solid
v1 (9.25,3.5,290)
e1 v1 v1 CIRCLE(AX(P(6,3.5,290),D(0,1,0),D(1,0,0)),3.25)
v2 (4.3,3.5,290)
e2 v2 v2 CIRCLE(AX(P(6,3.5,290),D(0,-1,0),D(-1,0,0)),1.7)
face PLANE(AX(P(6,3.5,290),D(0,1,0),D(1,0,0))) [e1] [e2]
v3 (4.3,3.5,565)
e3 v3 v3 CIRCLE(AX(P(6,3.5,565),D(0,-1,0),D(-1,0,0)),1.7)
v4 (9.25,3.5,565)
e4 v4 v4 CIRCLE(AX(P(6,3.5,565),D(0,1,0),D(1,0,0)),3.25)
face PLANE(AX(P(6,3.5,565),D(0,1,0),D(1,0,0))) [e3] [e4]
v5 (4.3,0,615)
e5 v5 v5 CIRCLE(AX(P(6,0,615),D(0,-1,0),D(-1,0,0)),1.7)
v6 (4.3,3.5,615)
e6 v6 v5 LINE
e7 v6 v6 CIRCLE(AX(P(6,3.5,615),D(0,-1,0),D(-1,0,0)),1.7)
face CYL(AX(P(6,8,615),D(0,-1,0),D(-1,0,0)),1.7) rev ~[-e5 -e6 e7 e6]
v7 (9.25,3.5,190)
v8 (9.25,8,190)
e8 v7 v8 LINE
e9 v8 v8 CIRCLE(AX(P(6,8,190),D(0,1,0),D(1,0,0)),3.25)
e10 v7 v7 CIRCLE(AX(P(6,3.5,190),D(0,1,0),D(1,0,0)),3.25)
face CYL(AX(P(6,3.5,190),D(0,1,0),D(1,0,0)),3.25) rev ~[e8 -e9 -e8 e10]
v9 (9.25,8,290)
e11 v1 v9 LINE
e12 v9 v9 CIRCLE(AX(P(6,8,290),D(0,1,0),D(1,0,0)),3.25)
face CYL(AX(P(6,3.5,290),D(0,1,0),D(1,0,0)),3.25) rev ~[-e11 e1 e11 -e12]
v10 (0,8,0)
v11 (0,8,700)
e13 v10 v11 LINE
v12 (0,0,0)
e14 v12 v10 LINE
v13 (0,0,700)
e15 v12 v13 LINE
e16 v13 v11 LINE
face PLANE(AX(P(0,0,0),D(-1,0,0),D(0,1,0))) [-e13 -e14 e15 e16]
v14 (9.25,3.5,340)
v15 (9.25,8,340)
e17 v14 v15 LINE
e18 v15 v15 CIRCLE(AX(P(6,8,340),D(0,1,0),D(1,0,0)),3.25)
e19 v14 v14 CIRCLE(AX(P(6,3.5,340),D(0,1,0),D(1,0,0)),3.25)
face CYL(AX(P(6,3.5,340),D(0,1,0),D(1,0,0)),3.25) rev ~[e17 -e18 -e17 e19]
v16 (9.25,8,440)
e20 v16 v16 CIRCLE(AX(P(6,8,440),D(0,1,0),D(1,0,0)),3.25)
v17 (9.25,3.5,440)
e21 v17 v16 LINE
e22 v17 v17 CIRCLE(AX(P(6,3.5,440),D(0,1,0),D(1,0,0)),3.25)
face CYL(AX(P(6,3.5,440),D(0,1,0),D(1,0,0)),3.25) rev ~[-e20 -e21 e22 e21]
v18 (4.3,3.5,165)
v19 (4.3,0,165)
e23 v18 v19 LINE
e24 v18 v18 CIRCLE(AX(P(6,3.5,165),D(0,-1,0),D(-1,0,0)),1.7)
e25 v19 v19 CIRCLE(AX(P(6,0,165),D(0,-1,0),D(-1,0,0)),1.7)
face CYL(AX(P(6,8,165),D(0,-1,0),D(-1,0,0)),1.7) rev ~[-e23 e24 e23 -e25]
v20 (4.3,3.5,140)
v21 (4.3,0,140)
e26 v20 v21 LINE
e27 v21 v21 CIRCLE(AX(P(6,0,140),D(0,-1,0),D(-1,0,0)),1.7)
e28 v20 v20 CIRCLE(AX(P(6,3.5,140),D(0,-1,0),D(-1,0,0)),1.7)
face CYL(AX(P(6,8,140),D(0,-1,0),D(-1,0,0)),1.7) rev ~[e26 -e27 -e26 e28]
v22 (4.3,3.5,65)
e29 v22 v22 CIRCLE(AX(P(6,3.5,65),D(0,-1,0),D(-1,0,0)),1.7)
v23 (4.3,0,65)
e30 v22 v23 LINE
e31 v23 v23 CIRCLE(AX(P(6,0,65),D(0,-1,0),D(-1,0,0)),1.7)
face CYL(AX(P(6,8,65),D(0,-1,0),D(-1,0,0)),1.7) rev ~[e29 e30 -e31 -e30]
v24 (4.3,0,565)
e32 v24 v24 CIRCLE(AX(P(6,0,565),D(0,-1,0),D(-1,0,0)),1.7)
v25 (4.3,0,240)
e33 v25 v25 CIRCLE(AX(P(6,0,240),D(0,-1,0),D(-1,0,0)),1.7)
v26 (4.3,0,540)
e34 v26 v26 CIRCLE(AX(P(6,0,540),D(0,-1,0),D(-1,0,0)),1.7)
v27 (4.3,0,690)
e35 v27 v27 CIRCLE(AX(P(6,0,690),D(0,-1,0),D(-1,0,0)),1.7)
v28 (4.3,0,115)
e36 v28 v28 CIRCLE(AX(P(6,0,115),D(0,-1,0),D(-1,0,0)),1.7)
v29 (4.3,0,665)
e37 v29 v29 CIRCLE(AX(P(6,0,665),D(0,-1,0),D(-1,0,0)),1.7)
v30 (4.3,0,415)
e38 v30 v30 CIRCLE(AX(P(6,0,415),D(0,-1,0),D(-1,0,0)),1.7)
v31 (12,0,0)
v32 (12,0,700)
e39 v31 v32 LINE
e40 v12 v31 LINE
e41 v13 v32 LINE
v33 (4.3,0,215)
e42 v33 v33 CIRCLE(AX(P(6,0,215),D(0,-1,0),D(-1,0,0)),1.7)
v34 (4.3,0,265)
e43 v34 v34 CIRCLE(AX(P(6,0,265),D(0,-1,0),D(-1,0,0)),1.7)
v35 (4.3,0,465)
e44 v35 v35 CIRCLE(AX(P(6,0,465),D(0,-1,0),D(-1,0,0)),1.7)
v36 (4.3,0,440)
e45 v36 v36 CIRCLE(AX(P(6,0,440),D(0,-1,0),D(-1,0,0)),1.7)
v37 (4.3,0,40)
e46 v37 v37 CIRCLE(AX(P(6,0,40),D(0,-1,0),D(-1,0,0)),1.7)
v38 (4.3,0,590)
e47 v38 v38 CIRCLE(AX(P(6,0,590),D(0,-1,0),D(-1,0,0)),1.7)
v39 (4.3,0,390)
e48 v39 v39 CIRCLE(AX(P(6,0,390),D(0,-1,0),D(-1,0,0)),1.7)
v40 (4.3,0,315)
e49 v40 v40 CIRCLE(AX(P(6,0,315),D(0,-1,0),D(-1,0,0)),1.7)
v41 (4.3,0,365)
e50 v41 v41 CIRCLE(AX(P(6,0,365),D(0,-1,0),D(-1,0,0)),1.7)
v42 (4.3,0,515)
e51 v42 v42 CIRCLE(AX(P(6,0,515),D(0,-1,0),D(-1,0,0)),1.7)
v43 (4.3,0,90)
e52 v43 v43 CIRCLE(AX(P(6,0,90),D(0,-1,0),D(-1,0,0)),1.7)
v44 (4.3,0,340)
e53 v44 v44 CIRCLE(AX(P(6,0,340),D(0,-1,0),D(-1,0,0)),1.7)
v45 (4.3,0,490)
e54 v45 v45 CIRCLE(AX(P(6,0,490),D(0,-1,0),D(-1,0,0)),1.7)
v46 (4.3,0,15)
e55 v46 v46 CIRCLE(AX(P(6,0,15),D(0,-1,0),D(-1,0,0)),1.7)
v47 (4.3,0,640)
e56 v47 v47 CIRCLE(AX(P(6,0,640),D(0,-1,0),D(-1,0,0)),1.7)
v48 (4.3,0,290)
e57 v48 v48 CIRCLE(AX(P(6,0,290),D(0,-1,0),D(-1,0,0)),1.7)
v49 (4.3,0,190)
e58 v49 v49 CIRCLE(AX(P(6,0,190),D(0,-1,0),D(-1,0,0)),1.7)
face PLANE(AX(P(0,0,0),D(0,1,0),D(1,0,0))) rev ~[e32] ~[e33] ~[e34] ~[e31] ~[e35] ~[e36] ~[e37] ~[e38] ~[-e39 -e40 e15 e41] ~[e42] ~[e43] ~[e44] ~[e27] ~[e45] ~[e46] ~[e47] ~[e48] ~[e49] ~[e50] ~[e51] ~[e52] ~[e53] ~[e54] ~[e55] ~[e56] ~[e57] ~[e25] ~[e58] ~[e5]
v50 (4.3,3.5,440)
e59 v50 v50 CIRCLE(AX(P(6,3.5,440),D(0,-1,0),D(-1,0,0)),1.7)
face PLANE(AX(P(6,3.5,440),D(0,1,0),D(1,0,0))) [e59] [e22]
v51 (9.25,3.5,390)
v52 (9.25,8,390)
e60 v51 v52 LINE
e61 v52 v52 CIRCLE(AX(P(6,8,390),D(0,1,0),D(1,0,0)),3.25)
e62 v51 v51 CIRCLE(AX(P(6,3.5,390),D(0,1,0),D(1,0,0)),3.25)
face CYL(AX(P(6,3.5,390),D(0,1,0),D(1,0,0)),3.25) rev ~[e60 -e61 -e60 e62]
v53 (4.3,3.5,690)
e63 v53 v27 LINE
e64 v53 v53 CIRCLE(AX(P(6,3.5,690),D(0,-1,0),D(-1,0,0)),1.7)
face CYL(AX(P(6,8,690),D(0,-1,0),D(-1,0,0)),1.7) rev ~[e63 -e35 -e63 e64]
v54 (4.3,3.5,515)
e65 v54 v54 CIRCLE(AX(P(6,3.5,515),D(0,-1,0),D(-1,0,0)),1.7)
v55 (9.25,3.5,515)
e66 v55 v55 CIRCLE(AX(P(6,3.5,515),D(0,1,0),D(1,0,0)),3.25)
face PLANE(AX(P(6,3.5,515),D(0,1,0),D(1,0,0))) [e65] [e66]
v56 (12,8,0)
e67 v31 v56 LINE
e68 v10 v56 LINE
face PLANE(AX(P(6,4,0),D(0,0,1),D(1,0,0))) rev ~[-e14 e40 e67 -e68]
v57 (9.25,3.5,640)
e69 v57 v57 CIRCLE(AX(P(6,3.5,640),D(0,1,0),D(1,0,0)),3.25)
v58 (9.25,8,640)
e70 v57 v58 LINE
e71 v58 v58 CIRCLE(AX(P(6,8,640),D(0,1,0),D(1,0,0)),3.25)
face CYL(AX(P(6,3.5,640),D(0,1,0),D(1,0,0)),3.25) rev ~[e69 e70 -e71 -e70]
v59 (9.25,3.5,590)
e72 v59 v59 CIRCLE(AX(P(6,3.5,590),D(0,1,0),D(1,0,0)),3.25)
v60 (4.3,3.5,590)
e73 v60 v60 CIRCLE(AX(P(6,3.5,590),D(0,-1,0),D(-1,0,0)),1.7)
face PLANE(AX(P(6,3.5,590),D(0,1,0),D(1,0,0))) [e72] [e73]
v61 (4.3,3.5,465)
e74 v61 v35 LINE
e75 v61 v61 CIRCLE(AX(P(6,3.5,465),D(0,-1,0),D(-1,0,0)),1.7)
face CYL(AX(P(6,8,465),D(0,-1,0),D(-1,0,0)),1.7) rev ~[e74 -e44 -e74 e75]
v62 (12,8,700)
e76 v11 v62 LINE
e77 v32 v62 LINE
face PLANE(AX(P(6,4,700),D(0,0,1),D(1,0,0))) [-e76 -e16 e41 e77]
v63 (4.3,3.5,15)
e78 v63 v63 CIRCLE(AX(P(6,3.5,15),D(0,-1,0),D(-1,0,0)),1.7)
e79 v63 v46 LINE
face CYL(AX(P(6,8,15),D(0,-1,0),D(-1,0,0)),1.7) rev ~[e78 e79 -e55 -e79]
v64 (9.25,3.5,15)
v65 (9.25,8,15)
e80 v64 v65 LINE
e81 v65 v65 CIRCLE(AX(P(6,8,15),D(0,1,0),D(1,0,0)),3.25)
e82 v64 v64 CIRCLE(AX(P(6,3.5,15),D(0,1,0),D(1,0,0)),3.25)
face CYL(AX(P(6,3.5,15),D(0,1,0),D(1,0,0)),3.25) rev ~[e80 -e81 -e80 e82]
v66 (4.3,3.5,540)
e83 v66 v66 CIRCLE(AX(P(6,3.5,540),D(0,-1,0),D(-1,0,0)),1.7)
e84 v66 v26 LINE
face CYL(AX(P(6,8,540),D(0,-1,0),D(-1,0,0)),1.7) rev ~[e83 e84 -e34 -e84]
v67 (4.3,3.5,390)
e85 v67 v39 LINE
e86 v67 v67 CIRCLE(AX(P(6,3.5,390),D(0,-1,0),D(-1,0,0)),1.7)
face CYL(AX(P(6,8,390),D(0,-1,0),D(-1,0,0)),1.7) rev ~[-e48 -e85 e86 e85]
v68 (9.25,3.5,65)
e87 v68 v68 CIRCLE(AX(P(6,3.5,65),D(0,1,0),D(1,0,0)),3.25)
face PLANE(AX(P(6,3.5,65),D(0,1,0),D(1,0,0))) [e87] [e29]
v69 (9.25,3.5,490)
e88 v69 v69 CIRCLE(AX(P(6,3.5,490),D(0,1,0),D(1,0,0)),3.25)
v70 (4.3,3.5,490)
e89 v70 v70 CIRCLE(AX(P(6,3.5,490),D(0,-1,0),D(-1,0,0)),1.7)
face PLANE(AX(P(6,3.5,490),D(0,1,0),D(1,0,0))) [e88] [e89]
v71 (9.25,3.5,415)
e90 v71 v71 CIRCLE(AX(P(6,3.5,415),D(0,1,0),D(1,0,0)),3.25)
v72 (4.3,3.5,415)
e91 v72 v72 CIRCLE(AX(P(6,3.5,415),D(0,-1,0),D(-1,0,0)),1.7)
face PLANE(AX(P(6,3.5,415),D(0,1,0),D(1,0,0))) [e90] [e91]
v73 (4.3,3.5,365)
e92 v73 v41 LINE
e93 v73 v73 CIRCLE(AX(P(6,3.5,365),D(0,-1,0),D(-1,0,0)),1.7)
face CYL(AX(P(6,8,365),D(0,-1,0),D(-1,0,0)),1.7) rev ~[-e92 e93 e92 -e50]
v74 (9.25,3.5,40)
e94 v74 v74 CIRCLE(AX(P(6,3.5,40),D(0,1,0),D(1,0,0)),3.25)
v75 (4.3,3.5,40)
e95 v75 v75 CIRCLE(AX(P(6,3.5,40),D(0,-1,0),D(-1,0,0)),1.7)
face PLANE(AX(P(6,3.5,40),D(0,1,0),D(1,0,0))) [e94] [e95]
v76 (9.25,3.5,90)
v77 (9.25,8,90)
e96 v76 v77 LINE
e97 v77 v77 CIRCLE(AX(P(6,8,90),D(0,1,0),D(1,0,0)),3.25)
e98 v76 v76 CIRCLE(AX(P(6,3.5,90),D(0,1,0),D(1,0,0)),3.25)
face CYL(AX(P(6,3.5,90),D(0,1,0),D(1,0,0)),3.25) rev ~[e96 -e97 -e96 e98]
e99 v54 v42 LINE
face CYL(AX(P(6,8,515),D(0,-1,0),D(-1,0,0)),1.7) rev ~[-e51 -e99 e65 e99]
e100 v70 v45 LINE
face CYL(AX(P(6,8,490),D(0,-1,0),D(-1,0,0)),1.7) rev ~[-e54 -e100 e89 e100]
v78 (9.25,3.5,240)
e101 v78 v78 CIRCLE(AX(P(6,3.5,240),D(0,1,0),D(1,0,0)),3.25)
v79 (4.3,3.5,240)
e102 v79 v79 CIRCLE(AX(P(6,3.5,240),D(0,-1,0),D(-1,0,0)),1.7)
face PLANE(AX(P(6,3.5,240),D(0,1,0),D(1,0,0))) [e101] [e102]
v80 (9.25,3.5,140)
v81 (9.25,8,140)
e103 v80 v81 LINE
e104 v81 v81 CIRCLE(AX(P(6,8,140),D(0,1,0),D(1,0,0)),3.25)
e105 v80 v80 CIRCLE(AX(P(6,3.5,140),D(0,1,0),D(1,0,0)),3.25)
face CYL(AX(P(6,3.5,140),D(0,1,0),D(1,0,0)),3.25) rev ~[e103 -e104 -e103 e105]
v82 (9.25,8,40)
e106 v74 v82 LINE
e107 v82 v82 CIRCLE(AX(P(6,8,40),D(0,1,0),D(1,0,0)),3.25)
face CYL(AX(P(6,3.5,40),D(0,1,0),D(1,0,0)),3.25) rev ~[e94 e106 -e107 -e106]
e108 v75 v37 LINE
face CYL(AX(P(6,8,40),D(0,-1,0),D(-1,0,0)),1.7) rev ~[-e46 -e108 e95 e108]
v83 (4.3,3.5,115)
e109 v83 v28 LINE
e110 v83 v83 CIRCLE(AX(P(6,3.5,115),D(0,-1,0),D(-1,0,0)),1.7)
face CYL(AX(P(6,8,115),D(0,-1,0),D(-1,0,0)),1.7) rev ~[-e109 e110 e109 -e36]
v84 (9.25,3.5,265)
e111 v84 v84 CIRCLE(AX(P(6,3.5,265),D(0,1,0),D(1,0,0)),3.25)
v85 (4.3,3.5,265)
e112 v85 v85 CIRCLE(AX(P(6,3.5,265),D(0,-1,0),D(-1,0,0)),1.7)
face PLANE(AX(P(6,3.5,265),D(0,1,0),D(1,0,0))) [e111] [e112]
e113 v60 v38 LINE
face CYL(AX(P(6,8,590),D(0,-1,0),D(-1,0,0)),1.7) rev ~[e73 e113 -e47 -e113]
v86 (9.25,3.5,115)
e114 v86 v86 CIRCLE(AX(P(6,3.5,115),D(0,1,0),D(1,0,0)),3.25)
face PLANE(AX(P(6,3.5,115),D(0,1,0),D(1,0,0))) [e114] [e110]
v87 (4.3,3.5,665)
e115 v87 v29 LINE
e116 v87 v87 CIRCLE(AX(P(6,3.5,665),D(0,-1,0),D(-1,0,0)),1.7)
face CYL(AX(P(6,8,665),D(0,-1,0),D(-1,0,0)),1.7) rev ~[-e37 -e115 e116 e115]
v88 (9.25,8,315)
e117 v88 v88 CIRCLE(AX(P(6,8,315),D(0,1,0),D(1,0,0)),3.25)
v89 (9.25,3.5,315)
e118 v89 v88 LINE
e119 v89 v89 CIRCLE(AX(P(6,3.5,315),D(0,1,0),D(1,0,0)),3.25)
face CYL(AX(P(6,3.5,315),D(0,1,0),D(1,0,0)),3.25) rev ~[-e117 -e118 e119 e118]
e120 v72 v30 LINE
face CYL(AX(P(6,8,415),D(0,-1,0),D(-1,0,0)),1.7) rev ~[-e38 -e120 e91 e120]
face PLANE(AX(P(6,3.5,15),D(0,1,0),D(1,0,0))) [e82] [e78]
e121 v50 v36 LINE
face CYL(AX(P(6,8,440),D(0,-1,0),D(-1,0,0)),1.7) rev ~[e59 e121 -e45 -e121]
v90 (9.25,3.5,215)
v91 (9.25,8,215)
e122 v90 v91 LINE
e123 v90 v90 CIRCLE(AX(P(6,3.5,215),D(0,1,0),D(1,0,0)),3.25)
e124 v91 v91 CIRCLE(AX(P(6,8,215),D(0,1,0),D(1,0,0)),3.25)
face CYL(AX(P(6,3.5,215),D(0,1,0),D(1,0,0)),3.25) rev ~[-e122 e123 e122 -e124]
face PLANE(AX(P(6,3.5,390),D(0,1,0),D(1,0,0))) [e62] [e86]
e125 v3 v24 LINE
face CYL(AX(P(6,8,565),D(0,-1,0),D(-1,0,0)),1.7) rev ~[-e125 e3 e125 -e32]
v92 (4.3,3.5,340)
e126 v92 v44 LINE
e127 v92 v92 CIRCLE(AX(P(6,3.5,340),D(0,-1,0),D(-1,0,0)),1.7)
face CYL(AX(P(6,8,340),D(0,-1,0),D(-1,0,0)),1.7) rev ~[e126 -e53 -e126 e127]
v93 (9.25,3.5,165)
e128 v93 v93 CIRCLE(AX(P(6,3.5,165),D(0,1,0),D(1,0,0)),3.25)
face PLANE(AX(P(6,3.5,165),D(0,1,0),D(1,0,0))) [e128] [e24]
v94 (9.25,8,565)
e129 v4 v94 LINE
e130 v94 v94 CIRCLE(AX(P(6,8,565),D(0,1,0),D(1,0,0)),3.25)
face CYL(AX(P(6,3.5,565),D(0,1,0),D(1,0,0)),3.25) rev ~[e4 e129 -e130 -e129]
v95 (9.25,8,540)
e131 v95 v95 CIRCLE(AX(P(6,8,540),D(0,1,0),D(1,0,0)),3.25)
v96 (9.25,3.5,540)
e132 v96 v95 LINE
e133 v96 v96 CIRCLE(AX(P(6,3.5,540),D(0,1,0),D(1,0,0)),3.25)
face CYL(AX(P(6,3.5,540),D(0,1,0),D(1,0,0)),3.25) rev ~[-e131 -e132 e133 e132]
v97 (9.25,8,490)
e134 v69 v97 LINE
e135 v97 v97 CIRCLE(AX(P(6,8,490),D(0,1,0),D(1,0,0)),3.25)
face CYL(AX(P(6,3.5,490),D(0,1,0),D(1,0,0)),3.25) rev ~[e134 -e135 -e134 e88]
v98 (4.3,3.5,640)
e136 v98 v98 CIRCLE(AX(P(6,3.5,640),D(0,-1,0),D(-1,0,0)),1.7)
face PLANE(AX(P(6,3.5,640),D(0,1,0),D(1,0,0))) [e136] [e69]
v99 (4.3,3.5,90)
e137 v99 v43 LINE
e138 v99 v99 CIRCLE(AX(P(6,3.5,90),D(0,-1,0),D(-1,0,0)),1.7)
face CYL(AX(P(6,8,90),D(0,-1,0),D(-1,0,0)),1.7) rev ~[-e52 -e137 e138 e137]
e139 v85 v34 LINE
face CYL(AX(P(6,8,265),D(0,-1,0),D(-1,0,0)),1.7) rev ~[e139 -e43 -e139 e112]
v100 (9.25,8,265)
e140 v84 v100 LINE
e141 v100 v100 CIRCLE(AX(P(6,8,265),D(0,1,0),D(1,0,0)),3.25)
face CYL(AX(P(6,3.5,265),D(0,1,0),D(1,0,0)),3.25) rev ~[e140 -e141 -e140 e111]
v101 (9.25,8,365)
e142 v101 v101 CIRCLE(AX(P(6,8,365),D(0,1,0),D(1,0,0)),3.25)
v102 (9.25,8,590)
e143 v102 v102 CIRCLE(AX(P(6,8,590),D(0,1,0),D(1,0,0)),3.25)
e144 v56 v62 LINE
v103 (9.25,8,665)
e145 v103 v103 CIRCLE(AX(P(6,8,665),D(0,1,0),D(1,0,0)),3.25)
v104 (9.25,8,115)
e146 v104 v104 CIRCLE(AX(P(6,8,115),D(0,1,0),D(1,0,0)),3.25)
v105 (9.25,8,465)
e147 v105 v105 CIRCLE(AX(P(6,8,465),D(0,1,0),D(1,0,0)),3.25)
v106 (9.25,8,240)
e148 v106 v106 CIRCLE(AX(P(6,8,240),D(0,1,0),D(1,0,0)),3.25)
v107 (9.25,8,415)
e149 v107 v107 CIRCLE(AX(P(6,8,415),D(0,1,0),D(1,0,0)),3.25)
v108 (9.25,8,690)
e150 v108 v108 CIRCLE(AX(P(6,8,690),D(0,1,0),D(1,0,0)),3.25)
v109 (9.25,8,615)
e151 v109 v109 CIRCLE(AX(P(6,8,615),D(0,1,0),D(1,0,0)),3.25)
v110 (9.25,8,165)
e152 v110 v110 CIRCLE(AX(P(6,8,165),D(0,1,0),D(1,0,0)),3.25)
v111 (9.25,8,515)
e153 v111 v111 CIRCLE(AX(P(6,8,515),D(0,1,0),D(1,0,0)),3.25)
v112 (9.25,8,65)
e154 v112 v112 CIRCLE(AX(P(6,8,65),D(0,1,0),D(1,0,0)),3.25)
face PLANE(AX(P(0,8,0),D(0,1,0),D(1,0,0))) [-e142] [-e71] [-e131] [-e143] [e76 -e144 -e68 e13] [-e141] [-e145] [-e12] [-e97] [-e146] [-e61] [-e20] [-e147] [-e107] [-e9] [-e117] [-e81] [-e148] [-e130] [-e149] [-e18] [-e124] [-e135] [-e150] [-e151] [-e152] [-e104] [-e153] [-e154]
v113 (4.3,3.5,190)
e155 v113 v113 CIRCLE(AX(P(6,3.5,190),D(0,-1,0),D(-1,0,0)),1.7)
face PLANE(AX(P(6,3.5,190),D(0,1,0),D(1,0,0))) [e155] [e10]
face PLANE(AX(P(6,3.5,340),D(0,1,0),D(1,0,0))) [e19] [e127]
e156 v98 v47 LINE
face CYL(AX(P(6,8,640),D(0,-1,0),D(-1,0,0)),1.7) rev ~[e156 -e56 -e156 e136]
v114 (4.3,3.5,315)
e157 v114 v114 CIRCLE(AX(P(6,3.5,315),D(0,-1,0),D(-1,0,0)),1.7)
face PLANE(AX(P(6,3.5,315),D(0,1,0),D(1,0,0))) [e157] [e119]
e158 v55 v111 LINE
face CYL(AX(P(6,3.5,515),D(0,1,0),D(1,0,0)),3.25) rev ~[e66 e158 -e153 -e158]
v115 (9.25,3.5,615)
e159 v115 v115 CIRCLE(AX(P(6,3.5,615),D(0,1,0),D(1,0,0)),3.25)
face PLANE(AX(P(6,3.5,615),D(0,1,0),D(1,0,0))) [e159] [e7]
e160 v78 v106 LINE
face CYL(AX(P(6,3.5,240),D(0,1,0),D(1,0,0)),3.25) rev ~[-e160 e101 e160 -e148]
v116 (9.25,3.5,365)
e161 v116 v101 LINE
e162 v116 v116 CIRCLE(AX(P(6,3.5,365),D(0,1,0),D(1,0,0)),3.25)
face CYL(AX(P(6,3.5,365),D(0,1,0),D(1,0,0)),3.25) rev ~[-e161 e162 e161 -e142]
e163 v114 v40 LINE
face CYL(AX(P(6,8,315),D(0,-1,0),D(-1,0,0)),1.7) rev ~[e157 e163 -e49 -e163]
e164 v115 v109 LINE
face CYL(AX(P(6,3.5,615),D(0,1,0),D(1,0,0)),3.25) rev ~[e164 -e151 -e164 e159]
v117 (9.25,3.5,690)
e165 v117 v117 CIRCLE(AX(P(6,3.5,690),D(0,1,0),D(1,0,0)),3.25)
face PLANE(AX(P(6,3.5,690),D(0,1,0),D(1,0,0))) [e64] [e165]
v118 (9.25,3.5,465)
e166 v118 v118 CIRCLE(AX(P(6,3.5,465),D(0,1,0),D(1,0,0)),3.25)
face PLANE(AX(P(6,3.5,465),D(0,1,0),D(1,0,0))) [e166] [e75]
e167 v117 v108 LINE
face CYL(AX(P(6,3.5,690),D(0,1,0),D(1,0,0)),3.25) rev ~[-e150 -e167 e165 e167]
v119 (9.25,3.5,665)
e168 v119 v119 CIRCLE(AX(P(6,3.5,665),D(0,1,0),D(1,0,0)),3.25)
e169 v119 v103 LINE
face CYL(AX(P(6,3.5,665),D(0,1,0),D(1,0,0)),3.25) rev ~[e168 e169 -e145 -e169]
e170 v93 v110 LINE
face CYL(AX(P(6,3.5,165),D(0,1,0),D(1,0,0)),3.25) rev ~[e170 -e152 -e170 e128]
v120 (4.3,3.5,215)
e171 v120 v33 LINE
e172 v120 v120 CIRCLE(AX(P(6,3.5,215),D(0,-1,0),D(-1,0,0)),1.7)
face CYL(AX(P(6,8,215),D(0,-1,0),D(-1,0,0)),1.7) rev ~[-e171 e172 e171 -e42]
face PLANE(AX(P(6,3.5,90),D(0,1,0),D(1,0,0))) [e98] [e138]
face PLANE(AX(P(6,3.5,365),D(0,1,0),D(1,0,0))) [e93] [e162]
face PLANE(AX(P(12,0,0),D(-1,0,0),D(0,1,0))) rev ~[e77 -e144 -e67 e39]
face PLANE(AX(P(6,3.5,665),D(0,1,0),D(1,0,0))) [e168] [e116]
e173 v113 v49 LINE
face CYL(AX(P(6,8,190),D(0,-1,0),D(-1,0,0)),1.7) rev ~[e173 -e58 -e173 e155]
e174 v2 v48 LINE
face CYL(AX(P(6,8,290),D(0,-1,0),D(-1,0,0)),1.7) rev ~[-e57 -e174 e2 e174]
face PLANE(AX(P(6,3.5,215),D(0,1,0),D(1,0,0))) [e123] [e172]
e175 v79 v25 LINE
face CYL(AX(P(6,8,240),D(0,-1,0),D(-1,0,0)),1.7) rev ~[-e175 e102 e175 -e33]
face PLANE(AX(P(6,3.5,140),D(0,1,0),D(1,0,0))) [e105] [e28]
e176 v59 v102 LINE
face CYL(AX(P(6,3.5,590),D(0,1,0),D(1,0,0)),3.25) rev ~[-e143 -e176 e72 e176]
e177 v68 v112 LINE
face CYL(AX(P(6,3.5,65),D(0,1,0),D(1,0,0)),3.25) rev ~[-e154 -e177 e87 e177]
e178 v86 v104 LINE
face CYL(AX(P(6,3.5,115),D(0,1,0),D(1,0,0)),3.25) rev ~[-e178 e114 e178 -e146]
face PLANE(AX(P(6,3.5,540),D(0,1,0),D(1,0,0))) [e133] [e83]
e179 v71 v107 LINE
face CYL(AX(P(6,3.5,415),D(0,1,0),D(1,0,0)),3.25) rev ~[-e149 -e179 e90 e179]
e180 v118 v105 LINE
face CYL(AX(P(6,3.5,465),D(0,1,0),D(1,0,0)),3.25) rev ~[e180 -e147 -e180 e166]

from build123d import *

# Parameters (mm, degrees)
SKETCH1_W                      = 12
SKETCH1_H                      = 8
BOSS_EXTRUDE1_DEPTH            = 700
CBORE_FOR_M3_SHCS1_D           = 3.4
CBORE_FOR_M3_SHCS1_CBORE_D     = 6.5
CBORE_FOR_M3_SHCS1_CBORE_DEPTH = 4.5


with BuildPart() as part:
    # Sketch1 → Boss-Extrude1 (new body)
    with BuildSketch(Plane.XY):
        with Locations((6, 4)):
            Rectangle(SKETCH1_W, SKETCH1_H)
    extrude(amount=BOSS_EXTRUDE1_DEPTH)

    # CBORE for M3 SHCS1 (through all)
    with Locations(Plane(origin=(0, 8, 0), x_dir=(1, 0, 0), z_dir=(0, 1, 0))):
        with Locations((6, -690), (6, -665), (6, -640), (6, -615), (6, -590), (6, -565), (6, -540), (6, -515), (6, -490), (6, -465), (6, -440), (6, -415), (6, -390), (6, -365), (6, -340), (6, -315), (6, -290), (6, -265), (6, -240), (6, -215), (6, -190), (6, -165), (6, -140), (6, -115), (6, -90), (6, -65), (6, -40), (6, -15)):
            CounterBoreHole(CBORE_FOR_M3_SHCS1_D / 2, CBORE_FOR_M3_SHCS1_CBORE_D / 2, CBORE_FOR_M3_SHCS1_CBORE_DEPTH)


solid = part.part
